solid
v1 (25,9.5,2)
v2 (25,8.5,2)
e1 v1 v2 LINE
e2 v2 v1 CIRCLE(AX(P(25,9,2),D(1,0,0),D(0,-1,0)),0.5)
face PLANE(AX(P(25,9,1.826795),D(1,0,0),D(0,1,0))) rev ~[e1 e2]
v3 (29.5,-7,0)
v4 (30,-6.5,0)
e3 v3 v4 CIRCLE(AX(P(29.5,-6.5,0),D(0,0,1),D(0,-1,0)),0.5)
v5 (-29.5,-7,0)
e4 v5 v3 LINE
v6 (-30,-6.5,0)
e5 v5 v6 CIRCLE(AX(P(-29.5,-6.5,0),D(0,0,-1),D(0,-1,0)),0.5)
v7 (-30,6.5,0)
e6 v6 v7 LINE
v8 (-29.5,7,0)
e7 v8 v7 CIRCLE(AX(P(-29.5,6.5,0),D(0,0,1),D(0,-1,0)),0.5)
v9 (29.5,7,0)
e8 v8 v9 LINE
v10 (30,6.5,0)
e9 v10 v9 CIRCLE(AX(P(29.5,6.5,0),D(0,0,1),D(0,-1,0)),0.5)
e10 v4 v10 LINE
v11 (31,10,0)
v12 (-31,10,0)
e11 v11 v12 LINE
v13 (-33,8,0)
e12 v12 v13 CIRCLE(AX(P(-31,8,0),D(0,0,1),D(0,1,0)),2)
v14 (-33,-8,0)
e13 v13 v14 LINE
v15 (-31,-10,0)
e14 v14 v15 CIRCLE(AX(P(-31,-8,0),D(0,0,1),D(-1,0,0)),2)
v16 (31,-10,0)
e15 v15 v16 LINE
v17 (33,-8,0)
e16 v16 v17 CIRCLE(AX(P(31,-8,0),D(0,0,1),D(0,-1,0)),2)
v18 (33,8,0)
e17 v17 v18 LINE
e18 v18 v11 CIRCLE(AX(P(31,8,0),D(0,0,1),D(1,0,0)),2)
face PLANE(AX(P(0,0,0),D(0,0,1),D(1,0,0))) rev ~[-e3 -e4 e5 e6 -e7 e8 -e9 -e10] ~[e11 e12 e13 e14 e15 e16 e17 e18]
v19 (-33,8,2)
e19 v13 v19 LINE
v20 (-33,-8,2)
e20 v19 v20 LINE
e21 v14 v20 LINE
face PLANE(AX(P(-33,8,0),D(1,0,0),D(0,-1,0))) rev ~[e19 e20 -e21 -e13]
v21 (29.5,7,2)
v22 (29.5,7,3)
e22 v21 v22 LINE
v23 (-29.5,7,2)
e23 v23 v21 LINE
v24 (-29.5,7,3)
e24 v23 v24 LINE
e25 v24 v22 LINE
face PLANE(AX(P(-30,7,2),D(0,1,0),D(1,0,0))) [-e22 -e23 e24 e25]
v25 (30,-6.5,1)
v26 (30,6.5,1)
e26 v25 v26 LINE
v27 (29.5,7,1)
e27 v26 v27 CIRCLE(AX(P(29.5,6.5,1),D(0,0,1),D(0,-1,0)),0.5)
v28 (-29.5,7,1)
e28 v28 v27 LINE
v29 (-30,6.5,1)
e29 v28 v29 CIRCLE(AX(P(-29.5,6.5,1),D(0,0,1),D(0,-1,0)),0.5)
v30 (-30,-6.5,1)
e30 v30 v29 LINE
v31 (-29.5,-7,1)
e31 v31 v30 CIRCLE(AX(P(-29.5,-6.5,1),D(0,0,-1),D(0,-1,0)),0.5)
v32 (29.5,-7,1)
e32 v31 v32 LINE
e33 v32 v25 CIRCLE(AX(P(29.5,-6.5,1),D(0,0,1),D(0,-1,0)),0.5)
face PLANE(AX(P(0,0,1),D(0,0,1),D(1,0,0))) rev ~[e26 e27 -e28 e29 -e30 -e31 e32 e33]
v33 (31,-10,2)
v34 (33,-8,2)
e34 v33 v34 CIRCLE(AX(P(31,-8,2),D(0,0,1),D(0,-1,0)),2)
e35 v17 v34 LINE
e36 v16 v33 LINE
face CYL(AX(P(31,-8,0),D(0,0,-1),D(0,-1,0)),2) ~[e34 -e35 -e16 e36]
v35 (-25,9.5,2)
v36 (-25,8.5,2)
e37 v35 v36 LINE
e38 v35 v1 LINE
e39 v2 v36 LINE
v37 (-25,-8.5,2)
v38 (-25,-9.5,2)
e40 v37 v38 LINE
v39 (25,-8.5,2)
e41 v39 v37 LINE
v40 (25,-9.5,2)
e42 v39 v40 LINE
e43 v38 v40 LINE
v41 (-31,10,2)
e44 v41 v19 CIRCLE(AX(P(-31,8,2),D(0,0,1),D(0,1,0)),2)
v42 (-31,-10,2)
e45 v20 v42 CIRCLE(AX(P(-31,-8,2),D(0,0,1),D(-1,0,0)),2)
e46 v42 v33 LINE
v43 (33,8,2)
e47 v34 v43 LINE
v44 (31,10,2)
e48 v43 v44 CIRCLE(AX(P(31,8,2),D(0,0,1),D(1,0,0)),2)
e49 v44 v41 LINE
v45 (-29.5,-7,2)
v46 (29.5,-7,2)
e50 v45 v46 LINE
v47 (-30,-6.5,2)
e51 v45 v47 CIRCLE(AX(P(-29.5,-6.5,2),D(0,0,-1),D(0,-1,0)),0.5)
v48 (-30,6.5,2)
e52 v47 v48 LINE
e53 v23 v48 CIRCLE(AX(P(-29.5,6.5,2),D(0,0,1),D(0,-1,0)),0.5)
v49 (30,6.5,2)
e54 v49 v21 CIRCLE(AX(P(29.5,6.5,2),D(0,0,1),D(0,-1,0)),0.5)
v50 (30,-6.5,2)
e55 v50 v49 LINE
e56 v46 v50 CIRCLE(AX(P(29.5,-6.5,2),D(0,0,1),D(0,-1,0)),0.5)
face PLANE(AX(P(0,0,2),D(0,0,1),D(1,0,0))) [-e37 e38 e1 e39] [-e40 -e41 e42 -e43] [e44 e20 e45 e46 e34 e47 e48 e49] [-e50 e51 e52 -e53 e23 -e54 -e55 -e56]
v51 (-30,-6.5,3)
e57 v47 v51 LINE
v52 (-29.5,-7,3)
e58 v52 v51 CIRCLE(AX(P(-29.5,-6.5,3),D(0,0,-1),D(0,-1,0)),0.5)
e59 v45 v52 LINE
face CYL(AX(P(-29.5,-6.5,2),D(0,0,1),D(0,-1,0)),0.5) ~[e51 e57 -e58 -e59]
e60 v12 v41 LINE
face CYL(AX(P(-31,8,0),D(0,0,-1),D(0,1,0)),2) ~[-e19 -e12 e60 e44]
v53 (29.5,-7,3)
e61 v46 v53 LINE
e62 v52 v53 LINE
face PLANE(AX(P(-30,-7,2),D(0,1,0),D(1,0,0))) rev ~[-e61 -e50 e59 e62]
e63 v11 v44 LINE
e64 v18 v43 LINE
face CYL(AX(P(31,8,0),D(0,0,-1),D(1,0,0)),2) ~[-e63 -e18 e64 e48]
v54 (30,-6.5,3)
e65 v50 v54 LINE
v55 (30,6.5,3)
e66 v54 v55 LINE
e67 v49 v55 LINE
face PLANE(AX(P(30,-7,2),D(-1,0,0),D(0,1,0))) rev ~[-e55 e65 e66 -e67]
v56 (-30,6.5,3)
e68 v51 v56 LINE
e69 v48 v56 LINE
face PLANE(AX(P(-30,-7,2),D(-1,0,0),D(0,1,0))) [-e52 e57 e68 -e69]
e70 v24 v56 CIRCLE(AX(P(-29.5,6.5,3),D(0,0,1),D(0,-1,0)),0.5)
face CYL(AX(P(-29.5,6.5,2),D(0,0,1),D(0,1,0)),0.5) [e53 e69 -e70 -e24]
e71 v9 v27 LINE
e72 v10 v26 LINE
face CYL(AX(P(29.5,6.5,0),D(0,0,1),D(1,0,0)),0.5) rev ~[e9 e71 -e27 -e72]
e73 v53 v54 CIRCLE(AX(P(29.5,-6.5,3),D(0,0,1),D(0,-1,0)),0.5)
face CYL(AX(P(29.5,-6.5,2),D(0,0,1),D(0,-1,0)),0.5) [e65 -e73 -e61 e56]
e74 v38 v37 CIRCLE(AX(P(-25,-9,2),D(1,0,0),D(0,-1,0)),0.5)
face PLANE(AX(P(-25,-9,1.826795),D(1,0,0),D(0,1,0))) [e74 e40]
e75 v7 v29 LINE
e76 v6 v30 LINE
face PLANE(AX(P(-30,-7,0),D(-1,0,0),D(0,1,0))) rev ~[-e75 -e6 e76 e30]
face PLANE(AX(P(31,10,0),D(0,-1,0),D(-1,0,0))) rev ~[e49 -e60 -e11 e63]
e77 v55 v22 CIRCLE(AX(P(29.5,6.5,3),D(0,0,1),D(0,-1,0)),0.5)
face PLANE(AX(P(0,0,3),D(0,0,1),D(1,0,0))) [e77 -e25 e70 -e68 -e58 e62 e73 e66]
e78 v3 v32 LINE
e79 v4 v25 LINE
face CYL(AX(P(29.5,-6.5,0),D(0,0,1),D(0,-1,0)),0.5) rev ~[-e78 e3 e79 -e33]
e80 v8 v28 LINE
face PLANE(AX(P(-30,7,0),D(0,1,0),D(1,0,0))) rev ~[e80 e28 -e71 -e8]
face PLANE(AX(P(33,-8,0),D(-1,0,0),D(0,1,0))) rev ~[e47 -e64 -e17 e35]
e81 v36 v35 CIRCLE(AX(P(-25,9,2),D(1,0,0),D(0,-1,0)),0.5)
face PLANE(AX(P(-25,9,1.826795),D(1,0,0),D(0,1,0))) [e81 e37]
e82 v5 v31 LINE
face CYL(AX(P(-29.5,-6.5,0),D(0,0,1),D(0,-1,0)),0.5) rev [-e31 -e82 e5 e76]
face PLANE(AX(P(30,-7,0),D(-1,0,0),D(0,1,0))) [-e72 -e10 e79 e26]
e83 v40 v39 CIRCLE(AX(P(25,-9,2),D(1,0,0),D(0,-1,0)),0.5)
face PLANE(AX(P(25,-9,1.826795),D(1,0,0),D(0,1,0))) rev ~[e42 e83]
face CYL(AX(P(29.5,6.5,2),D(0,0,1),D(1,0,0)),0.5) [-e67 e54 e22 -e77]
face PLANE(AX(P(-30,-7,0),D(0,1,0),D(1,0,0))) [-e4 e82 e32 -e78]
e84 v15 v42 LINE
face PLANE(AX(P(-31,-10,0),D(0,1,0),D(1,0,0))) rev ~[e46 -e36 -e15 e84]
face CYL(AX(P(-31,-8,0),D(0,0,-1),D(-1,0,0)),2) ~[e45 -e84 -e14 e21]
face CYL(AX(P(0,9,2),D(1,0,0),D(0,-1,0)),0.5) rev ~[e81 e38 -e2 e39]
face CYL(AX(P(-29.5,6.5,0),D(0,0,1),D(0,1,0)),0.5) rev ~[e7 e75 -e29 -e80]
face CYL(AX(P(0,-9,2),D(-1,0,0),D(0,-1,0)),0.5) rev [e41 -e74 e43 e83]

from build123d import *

# Parameters (mm, degrees)
F0_W          = 60
F0_H          = 14
F1_DEPTH      = 2
F2_W          = 60
F2_H          = 14
F3_DEPTH      = 1
F3_DEPTH_BACK = 1
F4_R          = 0.5
F6_DEPTH      = 25
F7_R          = 0.5


with BuildPart() as f1:
    # F0 (on Top) → F1 (new body)
    with BuildSketch(Plane.XY):
        with BuildLine():
            Line((31, 10), (-31, 10))
            ThreePointArc((-31, 10), (-32.4142135624, 9.4142135624), (-33, 8))
            Line((-33, 8), (-33, -8))
            ThreePointArc((-33, -8), (-32.4142135624, -9.4142135624), (-31, -10))
            Line((-31, -10), (31, -10))
            ThreePointArc((31, -10), (32.4142135624, -9.4142135624), (33, -8))
            Line((33, -8), (33, 8))
            ThreePointArc((33, 8), (32.4142135624, 9.4142135624), (31, 10))
        make_face()
        Rectangle(F0_W, F0_H, mode=Mode.SUBTRACT)
    extrude(amount=F1_DEPTH)

    # F2 (on face) → F3 (join, two sides)
    with BuildSketch(Plane.XY.offset(2)) as f3_sk:
        Rectangle(F2_W, F2_H)
    extrude(amount=F3_DEPTH)
    extrude(f3_sk.sketch, amount=-F3_DEPTH_BACK)

    # F4
    f4_edges = [f1.edges().sort_by_distance(p)[0] for p in [
        (-30, 7, 2.5),
        (-30, -7, 2.5),
        (30, -7, 2.5),
        (30, 7, 2.5),
    ]]
    fillet(f4_edges, radius=F4_R)

    # F5 (on Right) → F6 (cut, symmetric)
    with BuildSketch(Plane.YZ):
        with BuildLine():
            Line((-8.5, 2), (-9.5, 2))
            ThreePointArc((-9.5, 2), (-9, 1.5), (-8.5, 2))
        make_face()
        with BuildLine():
            ThreePointArc((8.5, 2), (9, 1.5), (9.5, 2))
            Line((9.5, 2), (8.5, 2))
        make_face()
    extrude(amount=F6_DEPTH, both=True, mode=Mode.SUBTRACT)

    # F7
    f7_edges = [f1.edges().sort_by_distance(p)[0] for p in [
        (30, -7, 0.5),
        (30, 7, 0.5),
        (-30, -7, 0.5),
        (-30, 7, 0.5),
    ]]
    fillet(f7_edges, radius=F7_R)


solid = f1.part
